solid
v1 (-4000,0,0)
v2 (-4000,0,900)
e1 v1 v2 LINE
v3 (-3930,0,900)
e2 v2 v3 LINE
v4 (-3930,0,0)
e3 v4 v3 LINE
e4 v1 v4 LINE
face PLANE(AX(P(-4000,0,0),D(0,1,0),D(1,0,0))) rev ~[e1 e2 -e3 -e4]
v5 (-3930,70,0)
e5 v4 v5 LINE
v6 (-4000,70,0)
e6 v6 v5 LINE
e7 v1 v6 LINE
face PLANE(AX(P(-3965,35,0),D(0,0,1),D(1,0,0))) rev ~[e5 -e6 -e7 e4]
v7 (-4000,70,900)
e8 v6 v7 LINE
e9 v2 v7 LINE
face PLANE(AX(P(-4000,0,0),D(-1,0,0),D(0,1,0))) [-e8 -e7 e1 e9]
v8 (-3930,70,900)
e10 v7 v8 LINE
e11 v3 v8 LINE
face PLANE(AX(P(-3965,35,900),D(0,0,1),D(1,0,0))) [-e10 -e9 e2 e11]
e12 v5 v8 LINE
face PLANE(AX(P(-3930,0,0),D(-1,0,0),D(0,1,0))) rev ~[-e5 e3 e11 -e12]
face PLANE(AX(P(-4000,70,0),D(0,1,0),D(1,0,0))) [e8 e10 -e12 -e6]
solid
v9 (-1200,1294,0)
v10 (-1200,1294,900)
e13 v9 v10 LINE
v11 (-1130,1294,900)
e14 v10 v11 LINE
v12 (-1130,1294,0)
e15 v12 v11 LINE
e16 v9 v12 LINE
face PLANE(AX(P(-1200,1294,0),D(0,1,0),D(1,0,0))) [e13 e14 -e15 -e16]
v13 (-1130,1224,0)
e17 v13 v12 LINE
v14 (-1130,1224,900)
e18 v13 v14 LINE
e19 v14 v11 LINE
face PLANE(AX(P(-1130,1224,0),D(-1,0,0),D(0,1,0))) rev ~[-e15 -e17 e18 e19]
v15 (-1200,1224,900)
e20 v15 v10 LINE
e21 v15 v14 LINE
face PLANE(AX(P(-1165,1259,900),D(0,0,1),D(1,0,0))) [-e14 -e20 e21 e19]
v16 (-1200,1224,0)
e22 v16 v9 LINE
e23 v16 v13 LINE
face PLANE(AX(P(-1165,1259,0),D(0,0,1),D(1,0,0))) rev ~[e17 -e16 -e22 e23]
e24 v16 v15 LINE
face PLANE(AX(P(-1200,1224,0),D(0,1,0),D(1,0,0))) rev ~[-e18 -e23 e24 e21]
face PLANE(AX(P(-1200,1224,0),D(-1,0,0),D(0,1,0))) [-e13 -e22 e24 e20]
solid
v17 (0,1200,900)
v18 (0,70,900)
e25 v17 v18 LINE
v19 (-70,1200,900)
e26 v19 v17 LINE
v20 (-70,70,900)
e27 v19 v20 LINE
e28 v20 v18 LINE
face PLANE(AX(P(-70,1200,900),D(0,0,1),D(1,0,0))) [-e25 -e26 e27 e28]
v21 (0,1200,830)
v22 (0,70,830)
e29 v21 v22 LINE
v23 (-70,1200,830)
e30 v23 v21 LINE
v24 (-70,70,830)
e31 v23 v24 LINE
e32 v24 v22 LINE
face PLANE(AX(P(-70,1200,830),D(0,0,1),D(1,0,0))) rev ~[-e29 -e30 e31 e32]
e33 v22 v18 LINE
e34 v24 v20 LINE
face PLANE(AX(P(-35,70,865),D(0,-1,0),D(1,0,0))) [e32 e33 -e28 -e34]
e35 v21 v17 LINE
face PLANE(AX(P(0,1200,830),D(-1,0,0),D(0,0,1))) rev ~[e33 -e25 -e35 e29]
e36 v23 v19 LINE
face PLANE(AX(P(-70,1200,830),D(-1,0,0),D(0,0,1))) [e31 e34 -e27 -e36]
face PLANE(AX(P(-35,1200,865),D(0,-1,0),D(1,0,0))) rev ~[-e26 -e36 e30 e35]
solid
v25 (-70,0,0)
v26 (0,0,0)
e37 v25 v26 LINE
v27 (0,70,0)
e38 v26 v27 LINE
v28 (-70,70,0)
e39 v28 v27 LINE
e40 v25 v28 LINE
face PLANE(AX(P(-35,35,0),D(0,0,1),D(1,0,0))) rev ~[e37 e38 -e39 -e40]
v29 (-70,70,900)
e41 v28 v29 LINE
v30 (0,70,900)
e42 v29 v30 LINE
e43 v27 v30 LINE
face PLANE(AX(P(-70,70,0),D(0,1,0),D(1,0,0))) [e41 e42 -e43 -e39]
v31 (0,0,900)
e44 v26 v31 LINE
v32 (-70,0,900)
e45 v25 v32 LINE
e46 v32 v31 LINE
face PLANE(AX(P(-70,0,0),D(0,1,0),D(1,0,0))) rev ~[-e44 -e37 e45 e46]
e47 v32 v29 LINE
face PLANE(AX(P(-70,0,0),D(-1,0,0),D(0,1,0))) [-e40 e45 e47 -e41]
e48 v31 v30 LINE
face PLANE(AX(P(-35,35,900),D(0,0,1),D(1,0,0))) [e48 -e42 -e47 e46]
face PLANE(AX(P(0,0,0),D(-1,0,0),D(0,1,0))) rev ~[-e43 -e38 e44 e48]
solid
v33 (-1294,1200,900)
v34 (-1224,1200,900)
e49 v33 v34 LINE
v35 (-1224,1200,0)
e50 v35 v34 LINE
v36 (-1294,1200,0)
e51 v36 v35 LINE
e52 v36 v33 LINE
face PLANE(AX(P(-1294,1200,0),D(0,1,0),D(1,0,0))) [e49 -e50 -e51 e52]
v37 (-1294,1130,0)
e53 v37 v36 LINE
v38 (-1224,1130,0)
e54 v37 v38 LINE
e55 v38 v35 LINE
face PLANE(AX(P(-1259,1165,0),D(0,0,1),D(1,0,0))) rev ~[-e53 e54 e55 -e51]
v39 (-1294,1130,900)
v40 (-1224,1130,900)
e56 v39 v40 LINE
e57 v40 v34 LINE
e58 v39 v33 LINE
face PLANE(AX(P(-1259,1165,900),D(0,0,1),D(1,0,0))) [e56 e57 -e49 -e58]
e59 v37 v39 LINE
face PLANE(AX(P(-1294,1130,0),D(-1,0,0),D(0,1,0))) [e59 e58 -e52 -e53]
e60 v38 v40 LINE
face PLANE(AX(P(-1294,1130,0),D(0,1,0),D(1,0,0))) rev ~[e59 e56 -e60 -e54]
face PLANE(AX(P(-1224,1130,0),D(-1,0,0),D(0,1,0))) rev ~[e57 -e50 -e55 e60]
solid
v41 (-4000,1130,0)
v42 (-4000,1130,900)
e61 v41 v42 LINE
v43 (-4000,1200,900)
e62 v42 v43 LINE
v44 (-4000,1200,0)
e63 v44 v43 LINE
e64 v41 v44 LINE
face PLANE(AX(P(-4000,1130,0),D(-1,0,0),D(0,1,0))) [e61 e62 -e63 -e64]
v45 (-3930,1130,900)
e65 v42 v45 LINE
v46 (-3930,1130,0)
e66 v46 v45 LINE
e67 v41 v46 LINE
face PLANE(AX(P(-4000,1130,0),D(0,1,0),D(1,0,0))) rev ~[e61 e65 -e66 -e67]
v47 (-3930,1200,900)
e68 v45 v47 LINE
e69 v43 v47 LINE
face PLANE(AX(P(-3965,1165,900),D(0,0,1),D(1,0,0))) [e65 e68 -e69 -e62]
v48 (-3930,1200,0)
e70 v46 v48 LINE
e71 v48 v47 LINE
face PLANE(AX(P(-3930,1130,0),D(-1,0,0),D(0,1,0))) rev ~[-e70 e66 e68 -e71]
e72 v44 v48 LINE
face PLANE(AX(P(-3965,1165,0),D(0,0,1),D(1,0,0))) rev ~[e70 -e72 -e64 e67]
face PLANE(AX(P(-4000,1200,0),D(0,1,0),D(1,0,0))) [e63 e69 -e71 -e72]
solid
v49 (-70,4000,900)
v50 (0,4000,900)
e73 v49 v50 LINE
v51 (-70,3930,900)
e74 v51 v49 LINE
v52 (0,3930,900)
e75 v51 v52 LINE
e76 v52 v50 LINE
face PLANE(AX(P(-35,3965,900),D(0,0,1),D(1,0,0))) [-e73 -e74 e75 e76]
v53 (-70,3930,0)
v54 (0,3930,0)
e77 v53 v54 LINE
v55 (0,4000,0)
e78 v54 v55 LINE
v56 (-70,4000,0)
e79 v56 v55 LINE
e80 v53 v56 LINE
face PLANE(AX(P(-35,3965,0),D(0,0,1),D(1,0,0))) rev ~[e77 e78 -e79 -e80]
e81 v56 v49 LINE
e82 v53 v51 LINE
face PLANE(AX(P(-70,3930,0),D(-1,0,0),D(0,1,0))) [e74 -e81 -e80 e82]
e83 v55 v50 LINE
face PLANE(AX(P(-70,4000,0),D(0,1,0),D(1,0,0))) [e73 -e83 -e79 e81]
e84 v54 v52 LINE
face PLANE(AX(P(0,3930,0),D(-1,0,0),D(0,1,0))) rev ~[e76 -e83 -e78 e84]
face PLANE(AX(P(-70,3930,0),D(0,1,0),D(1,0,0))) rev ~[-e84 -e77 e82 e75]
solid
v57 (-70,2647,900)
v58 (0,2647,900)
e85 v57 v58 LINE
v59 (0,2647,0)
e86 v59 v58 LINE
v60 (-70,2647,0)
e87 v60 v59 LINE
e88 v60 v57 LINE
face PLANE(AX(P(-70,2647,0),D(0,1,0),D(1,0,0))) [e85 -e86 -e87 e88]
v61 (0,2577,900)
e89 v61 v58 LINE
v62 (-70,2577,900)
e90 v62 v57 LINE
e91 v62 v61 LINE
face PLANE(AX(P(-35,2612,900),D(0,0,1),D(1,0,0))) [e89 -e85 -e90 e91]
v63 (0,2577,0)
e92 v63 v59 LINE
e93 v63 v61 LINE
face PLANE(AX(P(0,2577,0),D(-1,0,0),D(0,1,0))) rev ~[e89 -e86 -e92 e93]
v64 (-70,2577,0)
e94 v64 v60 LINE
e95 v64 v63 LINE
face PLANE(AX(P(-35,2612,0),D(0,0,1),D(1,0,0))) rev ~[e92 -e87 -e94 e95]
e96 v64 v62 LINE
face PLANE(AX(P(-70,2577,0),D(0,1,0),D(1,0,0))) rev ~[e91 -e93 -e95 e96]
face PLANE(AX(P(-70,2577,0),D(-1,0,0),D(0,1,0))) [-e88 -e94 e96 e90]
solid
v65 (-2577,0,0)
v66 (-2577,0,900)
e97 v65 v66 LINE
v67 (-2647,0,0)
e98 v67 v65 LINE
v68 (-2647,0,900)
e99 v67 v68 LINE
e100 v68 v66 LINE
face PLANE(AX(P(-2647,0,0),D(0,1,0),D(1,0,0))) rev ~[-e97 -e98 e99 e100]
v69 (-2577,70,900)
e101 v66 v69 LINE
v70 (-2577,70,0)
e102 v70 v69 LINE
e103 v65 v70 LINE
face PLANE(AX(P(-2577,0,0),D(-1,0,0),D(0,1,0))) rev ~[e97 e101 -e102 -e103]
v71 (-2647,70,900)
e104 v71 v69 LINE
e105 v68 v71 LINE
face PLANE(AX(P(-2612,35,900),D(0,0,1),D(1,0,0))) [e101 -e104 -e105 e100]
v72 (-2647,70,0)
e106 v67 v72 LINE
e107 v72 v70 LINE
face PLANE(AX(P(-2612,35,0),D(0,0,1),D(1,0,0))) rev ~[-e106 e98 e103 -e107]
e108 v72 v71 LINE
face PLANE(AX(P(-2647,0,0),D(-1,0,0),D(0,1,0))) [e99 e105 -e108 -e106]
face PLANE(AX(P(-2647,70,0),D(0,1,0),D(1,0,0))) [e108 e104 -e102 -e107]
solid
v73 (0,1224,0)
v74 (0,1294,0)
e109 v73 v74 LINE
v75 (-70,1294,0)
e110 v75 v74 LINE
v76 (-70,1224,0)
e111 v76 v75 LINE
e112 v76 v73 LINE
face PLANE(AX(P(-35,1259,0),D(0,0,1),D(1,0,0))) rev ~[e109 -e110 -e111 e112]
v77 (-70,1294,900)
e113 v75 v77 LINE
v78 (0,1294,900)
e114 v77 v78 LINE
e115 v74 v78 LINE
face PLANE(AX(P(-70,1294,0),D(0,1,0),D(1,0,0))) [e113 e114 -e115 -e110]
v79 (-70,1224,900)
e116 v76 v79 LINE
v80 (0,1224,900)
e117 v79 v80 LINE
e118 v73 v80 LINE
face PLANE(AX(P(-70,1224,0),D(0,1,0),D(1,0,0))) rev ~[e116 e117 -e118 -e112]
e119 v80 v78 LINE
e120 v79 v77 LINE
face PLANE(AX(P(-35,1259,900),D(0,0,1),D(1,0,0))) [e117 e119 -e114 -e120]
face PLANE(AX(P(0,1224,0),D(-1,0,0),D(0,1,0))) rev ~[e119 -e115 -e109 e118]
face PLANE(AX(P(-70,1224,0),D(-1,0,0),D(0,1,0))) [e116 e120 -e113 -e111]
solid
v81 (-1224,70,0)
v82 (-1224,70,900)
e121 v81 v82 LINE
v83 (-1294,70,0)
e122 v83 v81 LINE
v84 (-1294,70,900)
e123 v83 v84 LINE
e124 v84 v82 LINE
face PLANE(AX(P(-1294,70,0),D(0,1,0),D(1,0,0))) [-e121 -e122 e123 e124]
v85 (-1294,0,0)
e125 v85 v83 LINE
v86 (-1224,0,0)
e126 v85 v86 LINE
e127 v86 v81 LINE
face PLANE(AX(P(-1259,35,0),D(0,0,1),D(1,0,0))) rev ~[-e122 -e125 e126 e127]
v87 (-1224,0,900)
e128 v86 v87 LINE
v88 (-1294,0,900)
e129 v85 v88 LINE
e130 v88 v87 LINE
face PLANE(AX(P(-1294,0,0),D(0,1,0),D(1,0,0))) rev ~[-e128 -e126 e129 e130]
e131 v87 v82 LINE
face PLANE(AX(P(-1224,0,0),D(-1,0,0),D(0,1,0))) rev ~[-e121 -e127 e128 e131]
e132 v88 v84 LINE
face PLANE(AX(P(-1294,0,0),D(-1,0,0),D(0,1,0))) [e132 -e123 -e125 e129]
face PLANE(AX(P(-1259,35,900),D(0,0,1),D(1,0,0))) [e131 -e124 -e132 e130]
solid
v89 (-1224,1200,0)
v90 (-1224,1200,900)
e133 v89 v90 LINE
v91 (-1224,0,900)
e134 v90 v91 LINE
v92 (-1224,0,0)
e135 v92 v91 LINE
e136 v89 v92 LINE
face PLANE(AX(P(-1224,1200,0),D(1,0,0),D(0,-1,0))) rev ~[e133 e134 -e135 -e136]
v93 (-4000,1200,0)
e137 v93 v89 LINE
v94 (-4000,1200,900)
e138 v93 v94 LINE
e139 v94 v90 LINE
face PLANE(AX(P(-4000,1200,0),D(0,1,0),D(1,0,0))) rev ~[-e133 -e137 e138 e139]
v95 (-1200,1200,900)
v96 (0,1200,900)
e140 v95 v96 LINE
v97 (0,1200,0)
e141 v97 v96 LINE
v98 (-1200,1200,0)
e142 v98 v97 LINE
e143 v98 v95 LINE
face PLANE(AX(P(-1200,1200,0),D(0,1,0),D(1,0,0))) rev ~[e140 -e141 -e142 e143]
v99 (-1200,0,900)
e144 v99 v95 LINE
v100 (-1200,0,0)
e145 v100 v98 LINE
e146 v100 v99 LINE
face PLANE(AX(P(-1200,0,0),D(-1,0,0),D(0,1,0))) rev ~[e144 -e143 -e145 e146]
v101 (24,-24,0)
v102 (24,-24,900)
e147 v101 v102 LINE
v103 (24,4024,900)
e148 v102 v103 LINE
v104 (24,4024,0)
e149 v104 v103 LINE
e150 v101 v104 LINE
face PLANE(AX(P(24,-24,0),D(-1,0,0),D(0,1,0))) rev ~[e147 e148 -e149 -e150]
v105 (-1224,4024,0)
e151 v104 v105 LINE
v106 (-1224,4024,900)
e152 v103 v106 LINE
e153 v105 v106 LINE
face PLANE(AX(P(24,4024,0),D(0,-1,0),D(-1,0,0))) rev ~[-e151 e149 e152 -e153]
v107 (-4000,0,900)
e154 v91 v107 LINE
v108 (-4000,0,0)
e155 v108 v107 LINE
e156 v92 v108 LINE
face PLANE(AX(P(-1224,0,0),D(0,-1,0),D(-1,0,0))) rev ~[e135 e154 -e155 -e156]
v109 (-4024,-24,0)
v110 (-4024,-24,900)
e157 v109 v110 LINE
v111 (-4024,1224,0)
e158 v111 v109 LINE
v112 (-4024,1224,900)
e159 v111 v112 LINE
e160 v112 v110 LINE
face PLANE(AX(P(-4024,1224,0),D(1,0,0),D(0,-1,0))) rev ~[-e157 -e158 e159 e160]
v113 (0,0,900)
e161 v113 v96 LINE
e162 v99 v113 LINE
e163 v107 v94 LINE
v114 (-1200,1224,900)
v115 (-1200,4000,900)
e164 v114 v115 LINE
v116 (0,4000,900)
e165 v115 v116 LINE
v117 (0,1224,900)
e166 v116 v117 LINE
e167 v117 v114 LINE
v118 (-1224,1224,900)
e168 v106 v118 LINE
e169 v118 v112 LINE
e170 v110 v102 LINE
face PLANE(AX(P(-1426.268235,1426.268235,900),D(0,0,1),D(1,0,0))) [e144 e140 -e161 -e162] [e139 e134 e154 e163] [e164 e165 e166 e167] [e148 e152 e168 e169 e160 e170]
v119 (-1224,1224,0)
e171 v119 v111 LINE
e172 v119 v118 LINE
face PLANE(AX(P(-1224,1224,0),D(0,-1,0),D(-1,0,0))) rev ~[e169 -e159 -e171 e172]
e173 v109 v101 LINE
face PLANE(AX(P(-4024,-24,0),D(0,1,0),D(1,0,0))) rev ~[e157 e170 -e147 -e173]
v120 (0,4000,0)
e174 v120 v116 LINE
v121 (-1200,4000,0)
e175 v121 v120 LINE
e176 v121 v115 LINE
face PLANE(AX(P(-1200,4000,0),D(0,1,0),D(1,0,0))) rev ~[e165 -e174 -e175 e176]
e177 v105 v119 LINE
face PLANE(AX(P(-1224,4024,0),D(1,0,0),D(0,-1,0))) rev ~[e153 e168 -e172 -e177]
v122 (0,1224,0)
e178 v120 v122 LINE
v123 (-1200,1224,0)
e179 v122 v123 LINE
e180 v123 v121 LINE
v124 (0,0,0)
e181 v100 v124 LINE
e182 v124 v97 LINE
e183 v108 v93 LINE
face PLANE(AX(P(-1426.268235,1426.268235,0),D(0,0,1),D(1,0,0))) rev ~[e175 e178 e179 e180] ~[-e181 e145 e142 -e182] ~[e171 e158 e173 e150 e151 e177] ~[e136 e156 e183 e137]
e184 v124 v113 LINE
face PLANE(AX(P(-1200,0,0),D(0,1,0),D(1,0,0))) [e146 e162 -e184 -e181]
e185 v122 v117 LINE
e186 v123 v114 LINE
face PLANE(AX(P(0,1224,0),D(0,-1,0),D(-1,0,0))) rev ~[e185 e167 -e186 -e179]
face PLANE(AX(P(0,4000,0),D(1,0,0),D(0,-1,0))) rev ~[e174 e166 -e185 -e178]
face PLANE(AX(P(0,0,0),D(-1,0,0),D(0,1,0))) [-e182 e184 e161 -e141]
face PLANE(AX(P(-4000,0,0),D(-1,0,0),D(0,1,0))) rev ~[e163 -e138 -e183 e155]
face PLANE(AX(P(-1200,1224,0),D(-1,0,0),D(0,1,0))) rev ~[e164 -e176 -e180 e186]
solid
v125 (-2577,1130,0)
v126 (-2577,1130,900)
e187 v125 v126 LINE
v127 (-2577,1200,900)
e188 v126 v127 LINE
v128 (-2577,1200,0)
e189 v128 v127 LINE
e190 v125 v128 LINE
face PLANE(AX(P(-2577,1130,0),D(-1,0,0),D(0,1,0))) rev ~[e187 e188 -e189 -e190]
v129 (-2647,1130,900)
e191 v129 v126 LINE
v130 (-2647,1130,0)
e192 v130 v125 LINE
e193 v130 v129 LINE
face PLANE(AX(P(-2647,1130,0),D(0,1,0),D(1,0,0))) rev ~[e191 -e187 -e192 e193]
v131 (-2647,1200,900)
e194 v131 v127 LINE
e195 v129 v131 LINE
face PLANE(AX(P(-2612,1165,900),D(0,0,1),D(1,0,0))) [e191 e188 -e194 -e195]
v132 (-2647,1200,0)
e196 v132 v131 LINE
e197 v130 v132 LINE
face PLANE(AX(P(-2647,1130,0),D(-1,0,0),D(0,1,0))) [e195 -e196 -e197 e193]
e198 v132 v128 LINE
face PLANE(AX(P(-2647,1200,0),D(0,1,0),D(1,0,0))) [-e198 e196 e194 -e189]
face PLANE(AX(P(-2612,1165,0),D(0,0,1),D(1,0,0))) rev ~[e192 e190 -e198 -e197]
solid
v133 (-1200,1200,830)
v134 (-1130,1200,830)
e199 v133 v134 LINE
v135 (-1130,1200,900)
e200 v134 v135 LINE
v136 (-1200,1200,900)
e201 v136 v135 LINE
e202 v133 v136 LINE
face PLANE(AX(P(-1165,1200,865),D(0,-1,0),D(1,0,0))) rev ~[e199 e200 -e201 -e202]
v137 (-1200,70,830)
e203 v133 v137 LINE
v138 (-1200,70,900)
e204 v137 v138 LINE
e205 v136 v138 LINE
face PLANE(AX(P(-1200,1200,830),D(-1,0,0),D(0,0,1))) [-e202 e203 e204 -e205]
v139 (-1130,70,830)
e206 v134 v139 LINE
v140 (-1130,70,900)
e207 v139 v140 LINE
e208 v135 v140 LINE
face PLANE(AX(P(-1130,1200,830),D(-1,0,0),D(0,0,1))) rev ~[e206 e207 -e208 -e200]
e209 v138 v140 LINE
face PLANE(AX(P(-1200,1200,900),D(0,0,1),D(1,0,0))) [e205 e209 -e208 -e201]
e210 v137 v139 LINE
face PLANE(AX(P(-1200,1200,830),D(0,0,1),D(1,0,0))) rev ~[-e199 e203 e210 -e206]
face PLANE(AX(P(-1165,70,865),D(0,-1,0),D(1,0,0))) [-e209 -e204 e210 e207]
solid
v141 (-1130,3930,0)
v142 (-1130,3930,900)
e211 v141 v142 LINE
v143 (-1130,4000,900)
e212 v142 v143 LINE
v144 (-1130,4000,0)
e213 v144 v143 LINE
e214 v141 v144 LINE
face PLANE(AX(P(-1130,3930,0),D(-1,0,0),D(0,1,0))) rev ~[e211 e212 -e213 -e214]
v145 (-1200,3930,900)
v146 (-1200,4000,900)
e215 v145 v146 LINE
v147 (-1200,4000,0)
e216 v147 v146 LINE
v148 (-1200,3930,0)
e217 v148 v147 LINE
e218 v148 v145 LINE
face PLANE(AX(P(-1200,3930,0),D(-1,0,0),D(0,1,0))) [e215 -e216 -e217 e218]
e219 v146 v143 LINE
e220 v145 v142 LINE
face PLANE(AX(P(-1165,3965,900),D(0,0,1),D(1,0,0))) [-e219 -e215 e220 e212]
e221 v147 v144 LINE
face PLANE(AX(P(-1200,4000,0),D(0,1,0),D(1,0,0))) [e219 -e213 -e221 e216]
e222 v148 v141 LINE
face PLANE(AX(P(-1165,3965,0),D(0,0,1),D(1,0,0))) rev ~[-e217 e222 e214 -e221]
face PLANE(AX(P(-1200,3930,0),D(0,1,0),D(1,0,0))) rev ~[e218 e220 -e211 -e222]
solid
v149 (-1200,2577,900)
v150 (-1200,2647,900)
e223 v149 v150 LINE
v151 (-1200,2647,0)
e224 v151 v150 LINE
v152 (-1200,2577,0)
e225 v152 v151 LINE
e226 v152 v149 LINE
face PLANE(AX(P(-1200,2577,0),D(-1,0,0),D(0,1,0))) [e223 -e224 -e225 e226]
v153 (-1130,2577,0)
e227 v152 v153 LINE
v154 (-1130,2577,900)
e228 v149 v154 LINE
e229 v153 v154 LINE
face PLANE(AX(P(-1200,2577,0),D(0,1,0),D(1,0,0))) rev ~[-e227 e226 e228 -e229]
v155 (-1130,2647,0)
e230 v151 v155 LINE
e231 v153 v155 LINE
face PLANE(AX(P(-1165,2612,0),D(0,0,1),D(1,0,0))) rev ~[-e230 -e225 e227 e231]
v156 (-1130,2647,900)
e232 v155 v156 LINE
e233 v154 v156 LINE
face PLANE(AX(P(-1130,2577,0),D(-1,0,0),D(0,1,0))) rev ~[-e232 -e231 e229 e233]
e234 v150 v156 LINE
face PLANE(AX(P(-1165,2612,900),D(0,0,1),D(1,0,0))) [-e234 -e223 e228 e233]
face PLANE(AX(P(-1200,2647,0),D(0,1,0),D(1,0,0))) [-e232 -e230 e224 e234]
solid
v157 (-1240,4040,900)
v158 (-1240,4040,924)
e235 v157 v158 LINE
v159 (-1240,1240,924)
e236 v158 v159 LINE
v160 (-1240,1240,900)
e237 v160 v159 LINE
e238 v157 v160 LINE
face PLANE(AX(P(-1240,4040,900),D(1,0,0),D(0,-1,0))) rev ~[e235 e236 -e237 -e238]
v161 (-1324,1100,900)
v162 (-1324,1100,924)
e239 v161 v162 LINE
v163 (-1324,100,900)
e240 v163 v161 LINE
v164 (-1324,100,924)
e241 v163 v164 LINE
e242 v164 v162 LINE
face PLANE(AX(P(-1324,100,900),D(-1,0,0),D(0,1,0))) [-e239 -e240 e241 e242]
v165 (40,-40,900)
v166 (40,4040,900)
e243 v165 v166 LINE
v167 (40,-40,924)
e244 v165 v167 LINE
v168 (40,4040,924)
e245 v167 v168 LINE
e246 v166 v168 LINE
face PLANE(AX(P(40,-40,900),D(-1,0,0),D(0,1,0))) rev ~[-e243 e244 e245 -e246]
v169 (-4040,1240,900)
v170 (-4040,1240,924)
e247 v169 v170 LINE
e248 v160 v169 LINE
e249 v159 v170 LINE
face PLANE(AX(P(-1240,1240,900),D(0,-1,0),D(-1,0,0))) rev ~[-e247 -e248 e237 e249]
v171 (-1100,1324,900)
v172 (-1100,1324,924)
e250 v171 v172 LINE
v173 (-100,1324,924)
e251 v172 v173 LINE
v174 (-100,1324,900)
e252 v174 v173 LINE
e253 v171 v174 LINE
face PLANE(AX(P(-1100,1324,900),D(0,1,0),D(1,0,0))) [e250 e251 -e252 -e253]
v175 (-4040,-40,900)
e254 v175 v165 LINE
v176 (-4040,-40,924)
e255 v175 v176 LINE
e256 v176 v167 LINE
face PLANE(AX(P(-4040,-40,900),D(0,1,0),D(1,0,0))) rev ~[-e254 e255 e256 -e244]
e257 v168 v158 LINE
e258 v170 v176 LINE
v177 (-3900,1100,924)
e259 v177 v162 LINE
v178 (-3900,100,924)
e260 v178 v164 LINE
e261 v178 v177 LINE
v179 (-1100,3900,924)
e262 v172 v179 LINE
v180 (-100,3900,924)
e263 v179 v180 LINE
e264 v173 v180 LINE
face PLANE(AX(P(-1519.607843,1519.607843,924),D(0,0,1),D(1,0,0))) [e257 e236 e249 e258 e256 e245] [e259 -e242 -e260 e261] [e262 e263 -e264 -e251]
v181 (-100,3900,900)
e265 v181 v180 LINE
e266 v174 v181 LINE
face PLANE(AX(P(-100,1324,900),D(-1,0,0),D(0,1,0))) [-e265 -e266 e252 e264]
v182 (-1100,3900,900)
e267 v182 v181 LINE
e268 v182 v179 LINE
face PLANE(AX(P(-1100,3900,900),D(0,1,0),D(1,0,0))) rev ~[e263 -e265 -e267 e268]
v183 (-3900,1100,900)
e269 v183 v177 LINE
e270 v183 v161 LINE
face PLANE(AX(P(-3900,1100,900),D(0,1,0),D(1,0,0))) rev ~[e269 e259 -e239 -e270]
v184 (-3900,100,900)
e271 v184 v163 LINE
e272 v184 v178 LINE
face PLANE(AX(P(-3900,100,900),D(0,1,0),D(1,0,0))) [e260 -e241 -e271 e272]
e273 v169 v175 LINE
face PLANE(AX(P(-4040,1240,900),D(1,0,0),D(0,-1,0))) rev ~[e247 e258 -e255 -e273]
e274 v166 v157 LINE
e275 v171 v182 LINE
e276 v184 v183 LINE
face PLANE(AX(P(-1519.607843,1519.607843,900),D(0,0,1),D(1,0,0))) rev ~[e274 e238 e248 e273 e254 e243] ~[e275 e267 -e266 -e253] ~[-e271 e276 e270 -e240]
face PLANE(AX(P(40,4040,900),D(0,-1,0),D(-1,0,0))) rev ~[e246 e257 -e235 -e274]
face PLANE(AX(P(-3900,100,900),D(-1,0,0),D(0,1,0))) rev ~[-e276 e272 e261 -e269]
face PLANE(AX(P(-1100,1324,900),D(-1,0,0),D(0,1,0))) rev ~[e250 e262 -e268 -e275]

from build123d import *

# Parameters (mm, degrees)
F1_W     = 70
F1_H     = 70
F2_DEPTH = 900
F3_W     = 1200
F3_H     = 1200
F4_DEPTH = 900
F5_W     = 70
F5_H     = 70
F6_DEPTH = 1130
F7_W     = 2576
F7_H     = 1000
F7_W_2   = 1000
F7_H_2   = 2576
F8_DEPTH = 24


with BuildPart() as f2:
    # F1 (on Top) → F2 (new body)
    with BuildSketch(Plane.XY):
        with Locations((-1165, 3965)):
            Rectangle(F1_W, F1_H)
        with Locations((-35, 3965)):
            Rectangle(F1_W, F1_H)
        with Locations((-1165, 1259)):
            Rectangle(F1_W, F1_H)
        with Locations((-1259, 1165)):
            Rectangle(F1_W, F1_H)
        with Locations((-35, 35)):
            Rectangle(F1_W, F1_H)
        with Locations((-3965, 35)):
            Rectangle(F1_W, F1_H)
        with Locations((-3965, 1165)):
            Rectangle(F1_W, F1_H)
        with Locations((-1165, 2612)):
            Rectangle(F1_W, F1_H)
        with Locations((-35, 1259)):
            Rectangle(F1_W, F1_H)
        with Locations((-35, 2612)):
            Rectangle(F1_W, F1_H)
        with Locations((-2612, 1165)):
            Rectangle(F1_W, F1_H)
        with Locations((-2612, 35)):
            Rectangle(F1_W, F1_H)
        with Locations((-1259, 35)):
            Rectangle(F1_W, F1_H)
    extrude(amount=F2_DEPTH)


with BuildPart() as f4:
    # F3 (on Top) → F4 (new body)
    with BuildSketch(Plane.XY):
        Polygon((-1200, 1224), (-1200, 4000), (-1224, 4000), (-1224, 1224), (-4000, 1224), (-4000, 1200), (-1224, 1200), (-1224, 0), (-4000, 0), (-4000, -24), (0, -24), (24, -24), (24, 4000), (0, 4000), (0, 1224), align=None)
        with Locations((-600, 600)):
            Rectangle(F3_W, F3_H, mode=Mode.SUBTRACT)
        Polygon((-1224, 4000), (-1200, 4000), (0, 4000), (24, 4000), (24, 4024), (-1224, 4024), align=None)
        Polygon((-4000, 1200), (-4000, 1224), (-4024, 1224), (-4024, -24), (-4000, -24), (-4000, 0), align=None)
    extrude(amount=F4_DEPTH)


with BuildPart() as f6:
    # F5 (on face) → F6 (new body, through all)
    with BuildSketch(Plane.XZ.offset(-1200)):
        with Locations((-1165, 865)):
            Rectangle(F5_W, F5_H)
        with Locations((-35, 865)):
            Rectangle(F5_W, F5_H)
    extrude(amount=F6_DEPTH)


with BuildPart() as f8:
    # F7 (on face) → F8 (new body)
    with BuildSketch(Plane.XY.offset(900)):
        Polygon((40, 4040), (-1240, 4040), (-1240, 1240), (-4040, 1240), (-4040, -40), (40, -40), align=None)
        with Locations((-2612, 600)):
            Rectangle(F7_W, F7_H, mode=Mode.SUBTRACT)
        with Locations((-600, 2612)):
            Rectangle(F7_W_2, F7_H_2, mode=Mode.SUBTRACT)
    extrude(amount=F8_DEPTH)


solid = Compound([f2.part, f4.part, f6.part, f8.part])
